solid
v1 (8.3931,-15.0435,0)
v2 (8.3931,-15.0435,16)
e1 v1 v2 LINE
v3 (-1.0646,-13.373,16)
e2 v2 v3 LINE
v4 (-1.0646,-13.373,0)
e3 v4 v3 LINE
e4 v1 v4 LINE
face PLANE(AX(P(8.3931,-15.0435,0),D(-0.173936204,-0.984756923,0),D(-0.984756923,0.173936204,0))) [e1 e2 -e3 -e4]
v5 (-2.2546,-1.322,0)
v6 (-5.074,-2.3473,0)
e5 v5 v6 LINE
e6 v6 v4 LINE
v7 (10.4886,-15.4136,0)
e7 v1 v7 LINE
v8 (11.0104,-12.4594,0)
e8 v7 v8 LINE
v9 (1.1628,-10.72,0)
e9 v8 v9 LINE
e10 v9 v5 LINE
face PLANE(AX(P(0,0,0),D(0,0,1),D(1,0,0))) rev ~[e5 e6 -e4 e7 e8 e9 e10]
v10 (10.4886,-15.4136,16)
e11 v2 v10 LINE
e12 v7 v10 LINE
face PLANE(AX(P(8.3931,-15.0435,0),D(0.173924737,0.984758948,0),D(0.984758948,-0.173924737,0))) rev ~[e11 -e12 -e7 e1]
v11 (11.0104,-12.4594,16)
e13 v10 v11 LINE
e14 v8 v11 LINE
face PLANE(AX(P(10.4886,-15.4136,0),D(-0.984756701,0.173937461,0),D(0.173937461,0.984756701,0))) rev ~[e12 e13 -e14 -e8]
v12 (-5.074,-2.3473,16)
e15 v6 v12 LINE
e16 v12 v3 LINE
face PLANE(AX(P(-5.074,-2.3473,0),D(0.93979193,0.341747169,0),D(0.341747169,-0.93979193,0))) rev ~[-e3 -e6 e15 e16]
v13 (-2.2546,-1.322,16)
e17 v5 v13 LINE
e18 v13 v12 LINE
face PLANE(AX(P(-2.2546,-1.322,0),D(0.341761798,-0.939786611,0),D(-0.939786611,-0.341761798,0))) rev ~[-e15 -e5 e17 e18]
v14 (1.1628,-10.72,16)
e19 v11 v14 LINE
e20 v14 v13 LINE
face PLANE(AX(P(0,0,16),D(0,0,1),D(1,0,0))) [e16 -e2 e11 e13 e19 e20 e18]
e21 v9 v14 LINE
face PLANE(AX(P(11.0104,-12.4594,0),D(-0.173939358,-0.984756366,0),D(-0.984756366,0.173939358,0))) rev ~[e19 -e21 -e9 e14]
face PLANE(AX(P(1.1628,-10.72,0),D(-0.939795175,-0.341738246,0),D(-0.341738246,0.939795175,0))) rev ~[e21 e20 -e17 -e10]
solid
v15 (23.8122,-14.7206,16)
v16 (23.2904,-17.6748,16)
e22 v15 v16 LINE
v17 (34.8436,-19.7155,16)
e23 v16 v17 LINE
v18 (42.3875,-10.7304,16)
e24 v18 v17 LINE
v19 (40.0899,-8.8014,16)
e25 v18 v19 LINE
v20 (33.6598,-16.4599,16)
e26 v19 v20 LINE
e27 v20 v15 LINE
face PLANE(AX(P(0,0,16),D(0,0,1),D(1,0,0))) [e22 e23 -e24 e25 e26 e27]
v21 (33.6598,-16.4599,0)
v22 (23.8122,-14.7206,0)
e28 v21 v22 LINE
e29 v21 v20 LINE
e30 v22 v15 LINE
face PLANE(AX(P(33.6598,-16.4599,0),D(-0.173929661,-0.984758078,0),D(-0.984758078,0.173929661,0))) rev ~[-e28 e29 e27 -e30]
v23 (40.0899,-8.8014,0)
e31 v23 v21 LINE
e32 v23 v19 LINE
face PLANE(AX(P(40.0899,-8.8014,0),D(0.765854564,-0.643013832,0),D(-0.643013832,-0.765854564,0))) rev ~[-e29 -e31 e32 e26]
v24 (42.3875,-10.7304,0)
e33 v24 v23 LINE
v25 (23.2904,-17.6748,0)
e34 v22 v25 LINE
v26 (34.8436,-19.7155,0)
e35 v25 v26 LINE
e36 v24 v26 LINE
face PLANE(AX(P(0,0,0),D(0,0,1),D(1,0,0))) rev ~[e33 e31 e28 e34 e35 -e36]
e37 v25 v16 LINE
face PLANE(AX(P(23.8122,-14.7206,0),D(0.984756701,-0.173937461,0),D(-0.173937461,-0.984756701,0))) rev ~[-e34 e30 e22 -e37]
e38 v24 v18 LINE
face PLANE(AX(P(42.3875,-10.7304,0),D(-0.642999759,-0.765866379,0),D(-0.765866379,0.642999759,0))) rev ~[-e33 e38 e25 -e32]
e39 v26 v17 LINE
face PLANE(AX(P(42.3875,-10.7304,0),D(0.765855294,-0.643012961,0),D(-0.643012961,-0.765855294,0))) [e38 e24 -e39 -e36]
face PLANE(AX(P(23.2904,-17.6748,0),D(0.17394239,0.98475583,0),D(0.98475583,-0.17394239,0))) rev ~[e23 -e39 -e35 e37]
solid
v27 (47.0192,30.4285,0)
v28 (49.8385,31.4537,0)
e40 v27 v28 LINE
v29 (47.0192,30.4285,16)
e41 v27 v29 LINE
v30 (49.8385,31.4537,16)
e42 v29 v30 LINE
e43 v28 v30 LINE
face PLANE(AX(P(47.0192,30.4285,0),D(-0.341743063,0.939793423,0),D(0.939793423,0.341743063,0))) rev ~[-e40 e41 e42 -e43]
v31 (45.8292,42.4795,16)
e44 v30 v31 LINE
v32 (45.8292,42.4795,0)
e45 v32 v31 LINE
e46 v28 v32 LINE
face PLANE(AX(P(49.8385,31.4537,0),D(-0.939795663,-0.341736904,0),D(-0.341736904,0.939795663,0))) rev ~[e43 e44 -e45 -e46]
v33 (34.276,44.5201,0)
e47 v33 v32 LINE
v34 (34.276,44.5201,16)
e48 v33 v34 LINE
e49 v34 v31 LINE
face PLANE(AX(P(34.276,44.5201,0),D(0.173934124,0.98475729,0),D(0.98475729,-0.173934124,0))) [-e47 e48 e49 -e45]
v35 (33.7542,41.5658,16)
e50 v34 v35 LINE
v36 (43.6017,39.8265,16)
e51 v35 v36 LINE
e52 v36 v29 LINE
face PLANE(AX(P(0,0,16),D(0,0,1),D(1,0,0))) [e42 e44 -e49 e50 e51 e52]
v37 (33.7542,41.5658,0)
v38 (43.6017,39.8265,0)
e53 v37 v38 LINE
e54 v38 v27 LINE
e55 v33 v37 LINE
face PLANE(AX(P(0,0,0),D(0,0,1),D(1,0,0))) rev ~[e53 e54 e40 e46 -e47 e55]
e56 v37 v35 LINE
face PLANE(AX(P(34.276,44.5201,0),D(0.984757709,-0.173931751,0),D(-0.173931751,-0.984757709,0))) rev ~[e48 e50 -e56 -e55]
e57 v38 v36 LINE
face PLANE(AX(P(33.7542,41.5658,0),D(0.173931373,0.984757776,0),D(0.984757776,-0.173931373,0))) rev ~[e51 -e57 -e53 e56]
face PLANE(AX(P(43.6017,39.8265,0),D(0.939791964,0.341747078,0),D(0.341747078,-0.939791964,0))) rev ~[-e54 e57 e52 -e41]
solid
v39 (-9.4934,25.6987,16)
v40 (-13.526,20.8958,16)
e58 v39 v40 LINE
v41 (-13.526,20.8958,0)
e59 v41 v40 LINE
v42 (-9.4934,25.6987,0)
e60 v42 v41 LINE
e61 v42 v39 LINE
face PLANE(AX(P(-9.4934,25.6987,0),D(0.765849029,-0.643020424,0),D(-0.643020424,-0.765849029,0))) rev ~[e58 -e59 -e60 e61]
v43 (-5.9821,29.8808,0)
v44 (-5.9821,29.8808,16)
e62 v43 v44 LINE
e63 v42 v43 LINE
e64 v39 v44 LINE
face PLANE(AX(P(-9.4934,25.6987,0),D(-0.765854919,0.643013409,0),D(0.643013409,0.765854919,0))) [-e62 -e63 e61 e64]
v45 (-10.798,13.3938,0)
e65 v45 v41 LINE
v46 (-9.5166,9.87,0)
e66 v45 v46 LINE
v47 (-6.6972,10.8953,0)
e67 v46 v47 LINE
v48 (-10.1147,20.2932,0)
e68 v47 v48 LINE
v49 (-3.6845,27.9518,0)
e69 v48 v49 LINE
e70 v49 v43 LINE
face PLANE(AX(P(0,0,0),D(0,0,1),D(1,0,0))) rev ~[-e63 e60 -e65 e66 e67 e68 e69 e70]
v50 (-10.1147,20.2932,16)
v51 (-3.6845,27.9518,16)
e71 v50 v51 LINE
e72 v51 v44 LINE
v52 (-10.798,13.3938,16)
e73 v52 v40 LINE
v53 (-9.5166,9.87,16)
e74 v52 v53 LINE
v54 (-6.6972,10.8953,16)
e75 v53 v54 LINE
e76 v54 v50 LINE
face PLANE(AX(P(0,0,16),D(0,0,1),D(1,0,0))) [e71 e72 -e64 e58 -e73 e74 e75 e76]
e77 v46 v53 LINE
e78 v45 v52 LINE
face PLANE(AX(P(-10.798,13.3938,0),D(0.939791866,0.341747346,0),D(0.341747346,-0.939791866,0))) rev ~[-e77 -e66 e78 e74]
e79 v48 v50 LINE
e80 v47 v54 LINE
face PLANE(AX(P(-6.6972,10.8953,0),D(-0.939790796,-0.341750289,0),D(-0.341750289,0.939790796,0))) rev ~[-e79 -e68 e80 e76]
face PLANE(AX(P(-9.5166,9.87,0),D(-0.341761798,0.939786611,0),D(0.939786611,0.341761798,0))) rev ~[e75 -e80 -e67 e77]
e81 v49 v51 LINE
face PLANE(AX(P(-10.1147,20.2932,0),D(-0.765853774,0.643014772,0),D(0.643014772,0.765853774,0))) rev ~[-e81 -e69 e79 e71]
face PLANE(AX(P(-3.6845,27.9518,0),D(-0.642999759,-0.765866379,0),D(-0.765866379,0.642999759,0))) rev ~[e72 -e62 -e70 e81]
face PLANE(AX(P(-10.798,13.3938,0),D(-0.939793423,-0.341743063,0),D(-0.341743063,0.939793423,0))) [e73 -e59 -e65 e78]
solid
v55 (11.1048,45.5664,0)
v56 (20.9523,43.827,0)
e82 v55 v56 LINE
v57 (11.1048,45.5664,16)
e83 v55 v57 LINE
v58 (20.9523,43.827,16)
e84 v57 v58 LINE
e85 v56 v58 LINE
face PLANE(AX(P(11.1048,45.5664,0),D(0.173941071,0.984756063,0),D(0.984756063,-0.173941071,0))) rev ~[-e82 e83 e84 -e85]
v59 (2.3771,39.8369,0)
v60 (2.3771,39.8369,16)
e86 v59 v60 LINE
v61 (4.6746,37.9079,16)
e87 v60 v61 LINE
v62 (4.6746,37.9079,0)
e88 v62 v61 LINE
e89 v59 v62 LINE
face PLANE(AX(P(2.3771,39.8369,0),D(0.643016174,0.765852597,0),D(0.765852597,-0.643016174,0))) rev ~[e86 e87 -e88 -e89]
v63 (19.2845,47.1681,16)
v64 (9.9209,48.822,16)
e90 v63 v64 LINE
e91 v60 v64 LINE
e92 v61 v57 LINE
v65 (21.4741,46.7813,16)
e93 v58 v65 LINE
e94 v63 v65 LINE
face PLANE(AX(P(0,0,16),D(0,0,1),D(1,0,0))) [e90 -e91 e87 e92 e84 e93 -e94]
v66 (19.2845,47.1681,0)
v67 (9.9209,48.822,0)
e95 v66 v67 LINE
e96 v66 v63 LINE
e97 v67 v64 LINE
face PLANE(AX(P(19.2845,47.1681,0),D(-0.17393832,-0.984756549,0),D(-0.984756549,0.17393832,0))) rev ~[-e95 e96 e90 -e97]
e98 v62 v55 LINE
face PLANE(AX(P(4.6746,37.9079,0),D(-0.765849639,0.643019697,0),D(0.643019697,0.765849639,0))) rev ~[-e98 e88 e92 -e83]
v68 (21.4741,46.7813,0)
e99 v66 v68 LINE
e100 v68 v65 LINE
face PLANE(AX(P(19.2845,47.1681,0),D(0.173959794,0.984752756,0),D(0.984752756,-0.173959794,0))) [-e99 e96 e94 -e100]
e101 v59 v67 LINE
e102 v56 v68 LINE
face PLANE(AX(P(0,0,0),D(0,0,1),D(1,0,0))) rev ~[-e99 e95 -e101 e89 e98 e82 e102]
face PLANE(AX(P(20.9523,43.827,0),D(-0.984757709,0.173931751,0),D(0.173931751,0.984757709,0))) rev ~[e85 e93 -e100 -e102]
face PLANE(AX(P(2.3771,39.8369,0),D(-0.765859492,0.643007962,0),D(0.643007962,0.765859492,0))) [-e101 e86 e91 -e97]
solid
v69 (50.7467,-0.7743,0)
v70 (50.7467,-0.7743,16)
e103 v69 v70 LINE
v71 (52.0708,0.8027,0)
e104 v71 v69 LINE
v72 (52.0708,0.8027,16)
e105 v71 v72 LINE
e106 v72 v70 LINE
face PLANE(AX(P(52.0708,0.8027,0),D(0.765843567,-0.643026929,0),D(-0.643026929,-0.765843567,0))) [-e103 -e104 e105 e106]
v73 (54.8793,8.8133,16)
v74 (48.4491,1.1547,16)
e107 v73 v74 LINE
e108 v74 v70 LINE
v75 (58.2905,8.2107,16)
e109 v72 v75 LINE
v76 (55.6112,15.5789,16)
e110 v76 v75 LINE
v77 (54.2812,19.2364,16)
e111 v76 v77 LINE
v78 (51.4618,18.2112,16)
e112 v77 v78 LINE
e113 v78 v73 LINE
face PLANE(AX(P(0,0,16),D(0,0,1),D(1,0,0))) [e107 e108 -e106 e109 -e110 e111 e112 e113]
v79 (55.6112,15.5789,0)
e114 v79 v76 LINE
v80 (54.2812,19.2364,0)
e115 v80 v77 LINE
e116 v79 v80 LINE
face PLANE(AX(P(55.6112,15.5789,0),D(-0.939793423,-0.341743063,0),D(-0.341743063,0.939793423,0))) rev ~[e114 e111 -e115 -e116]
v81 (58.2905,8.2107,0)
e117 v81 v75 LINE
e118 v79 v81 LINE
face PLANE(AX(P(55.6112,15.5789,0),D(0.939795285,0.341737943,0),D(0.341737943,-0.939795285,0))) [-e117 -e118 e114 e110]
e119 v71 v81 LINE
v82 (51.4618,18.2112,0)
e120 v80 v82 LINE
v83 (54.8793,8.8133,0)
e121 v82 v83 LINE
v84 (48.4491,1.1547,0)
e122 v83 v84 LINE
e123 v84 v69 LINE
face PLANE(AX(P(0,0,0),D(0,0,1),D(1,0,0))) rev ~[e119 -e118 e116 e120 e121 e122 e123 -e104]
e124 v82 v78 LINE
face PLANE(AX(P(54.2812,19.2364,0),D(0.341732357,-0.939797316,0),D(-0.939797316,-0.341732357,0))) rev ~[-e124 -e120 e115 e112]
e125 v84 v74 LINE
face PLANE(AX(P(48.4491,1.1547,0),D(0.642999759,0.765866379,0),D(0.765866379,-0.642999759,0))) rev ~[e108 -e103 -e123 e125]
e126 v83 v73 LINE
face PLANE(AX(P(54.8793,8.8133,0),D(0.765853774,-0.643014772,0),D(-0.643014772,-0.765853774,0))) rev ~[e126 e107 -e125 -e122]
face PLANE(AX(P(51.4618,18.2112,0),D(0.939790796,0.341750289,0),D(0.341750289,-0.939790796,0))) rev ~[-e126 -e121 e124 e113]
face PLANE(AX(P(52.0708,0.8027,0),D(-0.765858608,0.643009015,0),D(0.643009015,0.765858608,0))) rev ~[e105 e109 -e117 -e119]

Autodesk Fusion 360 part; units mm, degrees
sketch "Sketch1" plane through (0, 0, 0) normal (0, 0, 1) x (1, 0, 0)
  line L0 (-10.798, 13.3938) -> (-13.526, 20.8958)
  line L1 (-9.4934, 25.6987) -> (-13.526, 20.8958)
  line L2 (19.2845, 47.1681) -> (9.9209, 48.822)
  line L3 (55.6112, 15.5789) -> (58.2905, 8.2107)
  line L4 (52.0708, 0.8027) -> (58.2905, 8.2107)
  line L5 (8.3931, -15.0435) -> (-1.0646, -13.373)
  line L6 (23.8122, -14.7206) -> (23.2904, -17.6748)
  line L7 (10.4886, -15.4136) -> (11.0104, -12.4594)
  line L8 (48.4491, 1.1547) -> (50.7467, -0.7743)
  line L9 (42.3875, -10.7304) -> (40.0899, -8.8014)
  line L10 (47.0192, 30.4285) -> (49.8385, 31.4537)
  line L11 (54.2812, 19.2364) -> (51.4618, 18.2112)
  line L12 (20.9523, 43.827) -> (21.4741, 46.7813)
  line L13 (34.276, 44.5201) -> (33.7542, 41.5658)
  line L14 (-3.6845, 27.9518) -> (-5.9821, 29.8808)
  line L15 (2.3771, 39.8369) -> (4.6746, 37.9079)
  line L16 (-2.2546, -1.322) -> (-5.074, -2.3473)
  line L17 (-9.5166, 9.87) -> (-6.6972, 10.8953)
  line L18 (-10.798, 13.3938) -> (-9.5166, 9.87)
  line L19 (-5.074, -2.3473) -> (-1.0646, -13.373)
  line L20 (1.1628, -10.72) -> (-2.2546, -1.322)
  line L21 (-6.6972, 10.8953) -> (-10.1147, 20.2932)
  line L22 (33.6598, -16.4599) -> (23.8122, -14.7206)
  line L23 (11.0104, -12.4594) -> (1.1628, -10.72)
  line L24 (8.3931, -15.0435) -> (10.4886, -15.4136)
  line L25 (23.2904, -17.6748) -> (34.8436, -19.7155)
  line L26 (54.8793, 8.8133) -> (48.4491, 1.1547)
  line L27 (40.0899, -8.8014) -> (33.6598, -16.4599)
  line L28 (52.0708, 0.8027) -> (50.7467, -0.7743)
  line L29 (42.3875, -10.7304) -> (34.8436, -19.7155)
  line L30 (43.6017, 39.8265) -> (47.0192, 30.4285)
  line L31 (51.4618, 18.2112) -> (54.8793, 8.8133)
  line L32 (55.6112, 15.5789) -> (54.2812, 19.2364)
  line L33 (49.8385, 31.4537) -> (45.8292, 42.4795)
  line L34 (11.1048, 45.5664) -> (20.9523, 43.827)
  line L35 (33.7542, 41.5658) -> (43.6017, 39.8265)
  line L36 (19.2845, 47.1681) -> (21.4741, 46.7813)
  line L37 (34.276, 44.5201) -> (45.8292, 42.4795)
  line L38 (-10.1147, 20.2932) -> (-3.6845, 27.9518)
  line L39 (4.6746, 37.9079) -> (11.1048, 45.5664)
  line L40 (-9.4934, 25.6987) -> (-5.9821, 29.8808)
  line L41 (2.3771, 39.8369) -> (9.9209, 48.822)
extrude "Extrude1" add sketch "Sketch1" along normal blind 16 makes body 1 at (-8.4967, 26.8858, 5.3333) makes body 2 at (55.6177, 15.5612, 5.3333) makes body 3 at (4.8917, 42.8319, 5.3333) makes body 4 at (6.6375, -14.7334, 5.3333) makes body 5 at (39.8729, -13.7254, 5.3333) makes body 6 at (38.1271, 43.8399, 5.3333)
